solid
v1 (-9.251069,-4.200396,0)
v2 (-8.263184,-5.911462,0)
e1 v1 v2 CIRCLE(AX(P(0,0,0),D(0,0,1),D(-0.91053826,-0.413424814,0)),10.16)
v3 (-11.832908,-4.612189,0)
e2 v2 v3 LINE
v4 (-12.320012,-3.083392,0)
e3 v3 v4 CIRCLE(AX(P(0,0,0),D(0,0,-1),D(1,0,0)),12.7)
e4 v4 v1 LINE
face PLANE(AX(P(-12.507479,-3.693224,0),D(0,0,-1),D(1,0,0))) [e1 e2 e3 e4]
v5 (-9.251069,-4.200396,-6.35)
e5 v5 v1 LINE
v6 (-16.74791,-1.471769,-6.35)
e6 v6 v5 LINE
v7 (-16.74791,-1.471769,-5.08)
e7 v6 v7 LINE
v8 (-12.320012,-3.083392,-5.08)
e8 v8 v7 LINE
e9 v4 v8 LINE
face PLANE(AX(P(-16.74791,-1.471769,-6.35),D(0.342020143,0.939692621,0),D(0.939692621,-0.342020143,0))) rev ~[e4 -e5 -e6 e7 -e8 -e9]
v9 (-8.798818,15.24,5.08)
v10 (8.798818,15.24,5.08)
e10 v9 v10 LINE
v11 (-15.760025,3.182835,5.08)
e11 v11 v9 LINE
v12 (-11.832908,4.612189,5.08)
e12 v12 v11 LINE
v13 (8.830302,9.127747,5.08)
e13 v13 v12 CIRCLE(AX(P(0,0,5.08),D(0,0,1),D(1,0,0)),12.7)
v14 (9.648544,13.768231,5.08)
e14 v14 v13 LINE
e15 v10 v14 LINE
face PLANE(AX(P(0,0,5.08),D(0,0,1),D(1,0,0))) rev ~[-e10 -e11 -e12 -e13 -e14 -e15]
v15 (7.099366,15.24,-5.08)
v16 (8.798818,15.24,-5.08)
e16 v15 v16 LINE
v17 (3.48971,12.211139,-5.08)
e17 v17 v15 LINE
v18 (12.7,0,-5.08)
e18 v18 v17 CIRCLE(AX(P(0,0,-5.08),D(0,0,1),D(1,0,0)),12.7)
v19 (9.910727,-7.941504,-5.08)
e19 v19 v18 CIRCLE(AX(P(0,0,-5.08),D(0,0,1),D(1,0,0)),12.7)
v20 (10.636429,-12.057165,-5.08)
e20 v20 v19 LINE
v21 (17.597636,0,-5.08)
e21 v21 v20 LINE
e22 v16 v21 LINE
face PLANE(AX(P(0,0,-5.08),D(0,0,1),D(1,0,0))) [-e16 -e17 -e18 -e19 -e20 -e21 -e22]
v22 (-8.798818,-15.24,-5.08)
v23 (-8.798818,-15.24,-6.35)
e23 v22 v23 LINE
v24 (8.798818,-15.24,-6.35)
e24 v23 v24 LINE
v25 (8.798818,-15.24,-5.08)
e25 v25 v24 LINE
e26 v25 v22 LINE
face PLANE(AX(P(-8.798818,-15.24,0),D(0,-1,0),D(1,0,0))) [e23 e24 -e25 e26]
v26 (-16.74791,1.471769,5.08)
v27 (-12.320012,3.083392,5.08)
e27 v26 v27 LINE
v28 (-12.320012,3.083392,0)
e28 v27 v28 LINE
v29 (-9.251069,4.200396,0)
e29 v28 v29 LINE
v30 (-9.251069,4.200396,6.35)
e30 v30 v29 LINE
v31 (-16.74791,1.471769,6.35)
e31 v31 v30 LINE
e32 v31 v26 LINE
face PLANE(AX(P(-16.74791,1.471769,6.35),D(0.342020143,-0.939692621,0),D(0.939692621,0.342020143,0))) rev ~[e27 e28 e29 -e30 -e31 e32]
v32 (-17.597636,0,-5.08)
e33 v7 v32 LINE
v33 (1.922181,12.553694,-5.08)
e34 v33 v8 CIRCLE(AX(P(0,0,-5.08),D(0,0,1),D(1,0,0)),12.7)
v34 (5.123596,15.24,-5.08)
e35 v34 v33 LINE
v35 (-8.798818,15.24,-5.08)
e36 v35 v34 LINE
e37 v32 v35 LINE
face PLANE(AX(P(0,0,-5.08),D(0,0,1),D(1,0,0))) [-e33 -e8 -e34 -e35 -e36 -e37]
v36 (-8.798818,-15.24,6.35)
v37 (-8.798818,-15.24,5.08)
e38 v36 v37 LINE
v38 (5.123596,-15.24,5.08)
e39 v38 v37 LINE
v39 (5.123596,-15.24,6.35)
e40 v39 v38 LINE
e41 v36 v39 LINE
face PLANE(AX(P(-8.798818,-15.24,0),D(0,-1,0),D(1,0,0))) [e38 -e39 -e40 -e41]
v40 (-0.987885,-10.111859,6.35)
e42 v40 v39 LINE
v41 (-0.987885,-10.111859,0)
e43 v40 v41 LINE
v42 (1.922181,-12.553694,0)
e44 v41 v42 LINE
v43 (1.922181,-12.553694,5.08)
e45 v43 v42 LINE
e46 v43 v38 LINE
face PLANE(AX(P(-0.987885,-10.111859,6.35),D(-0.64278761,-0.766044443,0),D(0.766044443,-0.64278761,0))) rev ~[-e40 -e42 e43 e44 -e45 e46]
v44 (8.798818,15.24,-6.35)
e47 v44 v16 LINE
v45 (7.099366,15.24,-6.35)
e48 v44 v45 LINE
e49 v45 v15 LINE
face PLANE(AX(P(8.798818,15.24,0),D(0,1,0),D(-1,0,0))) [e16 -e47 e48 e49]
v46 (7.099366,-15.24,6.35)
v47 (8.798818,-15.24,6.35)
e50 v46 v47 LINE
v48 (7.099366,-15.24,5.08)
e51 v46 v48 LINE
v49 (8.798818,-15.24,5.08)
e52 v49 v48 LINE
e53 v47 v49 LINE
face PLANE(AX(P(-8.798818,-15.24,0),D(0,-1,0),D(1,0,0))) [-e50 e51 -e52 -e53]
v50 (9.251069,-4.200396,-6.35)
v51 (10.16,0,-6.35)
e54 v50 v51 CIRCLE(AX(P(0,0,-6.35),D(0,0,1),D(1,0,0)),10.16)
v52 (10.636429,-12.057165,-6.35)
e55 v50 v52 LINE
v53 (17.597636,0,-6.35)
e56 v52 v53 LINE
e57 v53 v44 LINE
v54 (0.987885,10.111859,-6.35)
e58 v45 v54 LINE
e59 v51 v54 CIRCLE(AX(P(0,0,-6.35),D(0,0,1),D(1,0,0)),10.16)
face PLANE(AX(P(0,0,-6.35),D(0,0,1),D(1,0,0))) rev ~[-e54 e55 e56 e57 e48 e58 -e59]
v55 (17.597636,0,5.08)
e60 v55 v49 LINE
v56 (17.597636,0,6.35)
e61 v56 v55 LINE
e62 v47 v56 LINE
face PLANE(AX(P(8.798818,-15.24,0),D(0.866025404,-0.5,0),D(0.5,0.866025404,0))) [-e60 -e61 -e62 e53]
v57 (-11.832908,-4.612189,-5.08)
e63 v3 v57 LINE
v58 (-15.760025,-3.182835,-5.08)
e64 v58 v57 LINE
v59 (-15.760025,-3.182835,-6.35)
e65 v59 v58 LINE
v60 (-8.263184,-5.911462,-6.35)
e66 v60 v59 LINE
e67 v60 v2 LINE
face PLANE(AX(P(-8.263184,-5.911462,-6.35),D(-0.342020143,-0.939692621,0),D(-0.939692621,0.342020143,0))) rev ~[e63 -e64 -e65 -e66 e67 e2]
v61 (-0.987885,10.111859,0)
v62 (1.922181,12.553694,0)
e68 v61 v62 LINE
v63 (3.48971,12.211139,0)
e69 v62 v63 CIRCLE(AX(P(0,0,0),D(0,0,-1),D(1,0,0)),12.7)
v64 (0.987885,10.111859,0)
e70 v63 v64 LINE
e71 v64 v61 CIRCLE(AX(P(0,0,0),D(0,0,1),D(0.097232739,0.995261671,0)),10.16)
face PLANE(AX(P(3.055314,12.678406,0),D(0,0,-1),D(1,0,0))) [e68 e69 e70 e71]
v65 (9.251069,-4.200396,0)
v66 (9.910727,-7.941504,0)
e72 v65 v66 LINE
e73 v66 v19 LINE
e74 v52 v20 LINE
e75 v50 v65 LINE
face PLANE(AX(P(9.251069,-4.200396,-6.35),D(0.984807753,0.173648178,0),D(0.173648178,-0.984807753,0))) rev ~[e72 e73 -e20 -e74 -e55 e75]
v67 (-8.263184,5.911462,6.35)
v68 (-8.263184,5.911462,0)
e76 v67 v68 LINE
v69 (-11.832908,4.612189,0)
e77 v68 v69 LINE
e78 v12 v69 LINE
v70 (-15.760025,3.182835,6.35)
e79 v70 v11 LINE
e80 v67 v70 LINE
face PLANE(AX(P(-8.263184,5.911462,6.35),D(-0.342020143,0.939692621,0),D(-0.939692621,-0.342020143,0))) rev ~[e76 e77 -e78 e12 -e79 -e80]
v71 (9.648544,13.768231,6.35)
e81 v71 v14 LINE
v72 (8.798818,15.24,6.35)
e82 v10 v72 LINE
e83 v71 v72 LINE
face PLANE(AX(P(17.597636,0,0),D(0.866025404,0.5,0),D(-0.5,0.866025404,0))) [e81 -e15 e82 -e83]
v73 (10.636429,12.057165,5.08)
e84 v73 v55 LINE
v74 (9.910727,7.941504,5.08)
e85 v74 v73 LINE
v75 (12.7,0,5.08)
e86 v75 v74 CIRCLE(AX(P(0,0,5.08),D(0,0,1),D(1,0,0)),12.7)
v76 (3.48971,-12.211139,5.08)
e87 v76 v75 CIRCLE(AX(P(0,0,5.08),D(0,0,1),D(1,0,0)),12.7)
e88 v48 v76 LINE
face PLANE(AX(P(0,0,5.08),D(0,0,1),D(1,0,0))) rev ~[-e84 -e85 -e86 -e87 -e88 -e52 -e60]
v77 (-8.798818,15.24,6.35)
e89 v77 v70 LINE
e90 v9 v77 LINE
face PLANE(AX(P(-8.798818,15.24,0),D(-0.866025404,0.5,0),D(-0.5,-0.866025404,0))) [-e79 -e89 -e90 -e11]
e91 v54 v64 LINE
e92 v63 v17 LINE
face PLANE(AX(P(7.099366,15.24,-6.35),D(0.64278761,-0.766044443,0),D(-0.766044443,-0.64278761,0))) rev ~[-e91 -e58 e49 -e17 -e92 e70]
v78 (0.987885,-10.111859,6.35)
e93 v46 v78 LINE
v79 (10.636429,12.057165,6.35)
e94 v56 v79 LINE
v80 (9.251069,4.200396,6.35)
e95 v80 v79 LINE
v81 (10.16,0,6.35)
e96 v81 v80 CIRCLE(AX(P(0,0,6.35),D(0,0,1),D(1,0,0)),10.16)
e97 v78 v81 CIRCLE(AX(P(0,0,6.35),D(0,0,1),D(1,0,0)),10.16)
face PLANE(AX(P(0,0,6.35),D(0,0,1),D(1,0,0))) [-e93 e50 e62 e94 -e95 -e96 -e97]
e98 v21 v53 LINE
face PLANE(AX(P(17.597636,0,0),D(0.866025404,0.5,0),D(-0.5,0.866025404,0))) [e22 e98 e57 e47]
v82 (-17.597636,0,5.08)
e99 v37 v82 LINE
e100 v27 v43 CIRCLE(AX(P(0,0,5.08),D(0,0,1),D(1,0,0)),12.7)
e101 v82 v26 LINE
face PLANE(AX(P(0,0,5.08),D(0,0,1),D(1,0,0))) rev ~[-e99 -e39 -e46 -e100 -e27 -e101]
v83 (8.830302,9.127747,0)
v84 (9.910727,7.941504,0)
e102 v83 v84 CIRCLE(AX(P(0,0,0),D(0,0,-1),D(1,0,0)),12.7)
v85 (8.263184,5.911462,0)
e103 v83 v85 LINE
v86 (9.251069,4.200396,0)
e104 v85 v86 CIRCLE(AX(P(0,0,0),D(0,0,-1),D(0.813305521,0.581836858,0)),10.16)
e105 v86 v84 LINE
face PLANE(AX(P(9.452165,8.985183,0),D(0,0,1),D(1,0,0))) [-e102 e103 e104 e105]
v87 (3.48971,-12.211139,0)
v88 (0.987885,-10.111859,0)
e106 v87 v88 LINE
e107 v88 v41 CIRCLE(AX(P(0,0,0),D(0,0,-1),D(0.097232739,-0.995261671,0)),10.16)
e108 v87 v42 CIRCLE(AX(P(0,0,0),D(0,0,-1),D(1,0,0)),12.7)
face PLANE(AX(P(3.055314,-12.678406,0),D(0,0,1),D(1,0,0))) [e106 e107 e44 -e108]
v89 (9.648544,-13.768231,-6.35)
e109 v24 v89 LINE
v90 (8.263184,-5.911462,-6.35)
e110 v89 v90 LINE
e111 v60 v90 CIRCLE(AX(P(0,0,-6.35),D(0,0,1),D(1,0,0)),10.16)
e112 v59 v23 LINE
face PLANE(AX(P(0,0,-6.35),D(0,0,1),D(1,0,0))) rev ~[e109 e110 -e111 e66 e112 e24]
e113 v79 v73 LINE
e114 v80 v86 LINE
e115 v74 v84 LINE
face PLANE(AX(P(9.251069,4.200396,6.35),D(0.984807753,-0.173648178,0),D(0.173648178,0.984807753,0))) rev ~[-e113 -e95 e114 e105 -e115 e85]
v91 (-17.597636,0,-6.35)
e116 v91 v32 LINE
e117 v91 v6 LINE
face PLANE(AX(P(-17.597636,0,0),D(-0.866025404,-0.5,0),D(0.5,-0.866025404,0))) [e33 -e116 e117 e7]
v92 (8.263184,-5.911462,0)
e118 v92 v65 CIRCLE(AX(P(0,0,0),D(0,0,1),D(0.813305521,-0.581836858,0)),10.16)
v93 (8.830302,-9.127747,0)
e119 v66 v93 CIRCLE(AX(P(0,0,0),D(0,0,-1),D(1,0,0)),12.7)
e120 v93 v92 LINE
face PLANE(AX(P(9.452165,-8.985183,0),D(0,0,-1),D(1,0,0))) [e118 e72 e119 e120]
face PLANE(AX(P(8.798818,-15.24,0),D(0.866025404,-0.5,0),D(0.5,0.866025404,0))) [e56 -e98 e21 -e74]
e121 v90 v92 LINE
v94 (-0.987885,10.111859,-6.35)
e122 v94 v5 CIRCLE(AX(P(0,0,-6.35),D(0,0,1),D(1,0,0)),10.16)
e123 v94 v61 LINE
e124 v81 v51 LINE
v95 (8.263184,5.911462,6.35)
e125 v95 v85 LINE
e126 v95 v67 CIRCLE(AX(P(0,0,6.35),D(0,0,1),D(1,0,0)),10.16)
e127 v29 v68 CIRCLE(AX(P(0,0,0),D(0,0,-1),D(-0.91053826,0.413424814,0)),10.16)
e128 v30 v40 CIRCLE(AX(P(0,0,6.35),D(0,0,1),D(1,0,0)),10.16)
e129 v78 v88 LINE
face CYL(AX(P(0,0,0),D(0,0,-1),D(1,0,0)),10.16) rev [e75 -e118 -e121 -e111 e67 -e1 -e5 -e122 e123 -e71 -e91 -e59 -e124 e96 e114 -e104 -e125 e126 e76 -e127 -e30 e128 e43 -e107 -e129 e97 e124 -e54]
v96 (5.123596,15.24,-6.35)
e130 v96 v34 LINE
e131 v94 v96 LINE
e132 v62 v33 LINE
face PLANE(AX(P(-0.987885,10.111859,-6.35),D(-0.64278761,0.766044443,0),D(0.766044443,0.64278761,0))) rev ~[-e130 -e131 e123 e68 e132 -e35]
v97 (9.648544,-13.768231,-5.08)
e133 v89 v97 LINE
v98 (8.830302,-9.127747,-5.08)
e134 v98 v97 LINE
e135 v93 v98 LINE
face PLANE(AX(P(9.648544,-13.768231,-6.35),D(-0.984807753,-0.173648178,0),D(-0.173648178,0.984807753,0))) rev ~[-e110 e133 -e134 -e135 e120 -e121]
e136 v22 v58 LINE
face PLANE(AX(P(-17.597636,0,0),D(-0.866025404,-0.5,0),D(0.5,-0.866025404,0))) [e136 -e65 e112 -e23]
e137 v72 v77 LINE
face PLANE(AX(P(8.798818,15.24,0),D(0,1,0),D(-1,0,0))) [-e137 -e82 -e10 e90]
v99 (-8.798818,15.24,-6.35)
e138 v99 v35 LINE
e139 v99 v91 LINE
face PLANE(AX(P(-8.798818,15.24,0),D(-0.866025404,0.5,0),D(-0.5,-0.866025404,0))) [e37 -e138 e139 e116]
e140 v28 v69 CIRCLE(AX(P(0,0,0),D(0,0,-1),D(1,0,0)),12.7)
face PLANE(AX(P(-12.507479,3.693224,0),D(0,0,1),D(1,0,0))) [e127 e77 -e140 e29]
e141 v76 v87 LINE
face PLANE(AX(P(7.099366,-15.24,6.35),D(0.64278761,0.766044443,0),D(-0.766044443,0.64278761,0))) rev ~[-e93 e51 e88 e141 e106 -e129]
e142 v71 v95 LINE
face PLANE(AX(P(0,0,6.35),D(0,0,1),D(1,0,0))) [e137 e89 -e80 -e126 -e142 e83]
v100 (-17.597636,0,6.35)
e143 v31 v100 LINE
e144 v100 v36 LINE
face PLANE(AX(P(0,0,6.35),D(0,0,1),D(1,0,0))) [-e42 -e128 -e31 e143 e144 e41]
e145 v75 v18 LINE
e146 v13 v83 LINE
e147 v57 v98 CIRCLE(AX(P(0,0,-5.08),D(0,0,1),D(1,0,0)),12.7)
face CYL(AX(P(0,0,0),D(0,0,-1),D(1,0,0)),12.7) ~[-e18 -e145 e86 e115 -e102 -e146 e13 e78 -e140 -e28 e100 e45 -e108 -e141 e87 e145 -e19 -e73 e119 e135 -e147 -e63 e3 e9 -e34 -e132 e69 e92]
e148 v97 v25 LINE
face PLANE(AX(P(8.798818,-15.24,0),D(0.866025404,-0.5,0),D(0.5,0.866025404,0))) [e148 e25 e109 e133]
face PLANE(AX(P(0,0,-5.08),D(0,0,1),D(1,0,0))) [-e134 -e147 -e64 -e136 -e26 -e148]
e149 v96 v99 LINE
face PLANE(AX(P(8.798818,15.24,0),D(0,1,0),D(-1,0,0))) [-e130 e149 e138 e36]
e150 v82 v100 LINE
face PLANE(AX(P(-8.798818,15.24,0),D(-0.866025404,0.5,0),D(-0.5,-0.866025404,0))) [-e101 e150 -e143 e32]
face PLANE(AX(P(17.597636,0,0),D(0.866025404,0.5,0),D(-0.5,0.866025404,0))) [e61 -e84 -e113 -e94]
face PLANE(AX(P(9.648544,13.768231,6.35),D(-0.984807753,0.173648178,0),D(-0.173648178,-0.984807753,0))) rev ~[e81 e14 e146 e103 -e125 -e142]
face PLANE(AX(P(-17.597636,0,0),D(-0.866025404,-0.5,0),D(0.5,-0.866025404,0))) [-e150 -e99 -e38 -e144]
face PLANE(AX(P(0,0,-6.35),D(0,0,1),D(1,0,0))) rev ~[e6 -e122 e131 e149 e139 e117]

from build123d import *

# Parameters (mm, degrees)
F0_R     = 12.7
F0_R_2   = 10.16
F1_DEPTH = 6.35
F2_R     = 17.5976362049
F2_R_2   = 12.7
F3_DEPTH = 5.08
F5_DEPTH = 6.35
F7_DEPTH = 6.35


with BuildPart() as f1:
    # F0 (on Top) → F1 (new body, symmetric)
    with BuildSketch(Plane.XY):
        Polygon((17.5976362049, 0), (8.7988181024, 15.24), (-8.7988181024, 15.24), (-17.5976362049, 0), (-8.7988181024, -15.24), (8.7988181024, -15.24), align=None)
        Circle(F0_R, mode=Mode.SUBTRACT)
        Circle(F0_R)
        Circle(F0_R_2, mode=Mode.SUBTRACT)
    extrude(amount=F1_DEPTH, both=True)

    # F2 (on Top) → F3 (cut, symmetric)
    with BuildSketch(Plane.XY):
        Circle(F2_R)
        Circle(F2_R_2, mode=Mode.SUBTRACT)
    extrude(amount=F3_DEPTH, both=True, mode=Mode.SUBTRACT)

    # F4 (on face) → F5 (cut)
    with BuildSketch(Plane.XY.offset(6.35)):
        with BuildLine():
            Line((-8.2631840954, 5.911462476), (-15.7600253185, 3.1828354198))
            Line((-15.7600253185, 3.1828354198), (-16.7479099485, 1.4717690485))
            Line((-16.7479099485, 1.4717690485), (-9.2510687255, 4.2003961048))
            ThreePointArc((-9.2510687255, 4.2003961048), (-8.7988181024, 5.08), (-8.2631840954, 5.911462476))
        make_face()
        with BuildLine():
            ThreePointArc((0.9878846301, -10.1118585808), (0, -10.16), (-0.9878846301, -10.1118585808))
            Line((-0.9878846301, -10.1118585808), (5.1235963296, -15.24))
            Line((5.1235963296, -15.24), (7.0993655897, -15.24))
            Line((7.0993655897, -15.24), (0.9878846301, -10.1118585808))
        make_face()
        with BuildLine():
            Line((9.6485443588, 13.7682309515), (8.2631840954, 5.911462476))
            ThreePointArc((8.2631840954, 5.911462476), (8.7988181024, 5.08), (9.2510687255, 4.2003961048))
            Line((9.2510687255, 4.2003961048), (10.6364289889, 12.0571645802))
            Line((10.6364289889, 12.0571645802), (9.6485443588, 13.7682309515))
        make_face()
    extrude(amount=-F5_DEPTH, mode=Mode.SUBTRACT)

    # F6 (on face) → F7 (cut)
    with BuildSketch(Plane(origin=(0, 0, -6.35), x_dir=(1, 0, 0), z_dir=(0, 0, -1))):
        with BuildLine():
            Line((9.6485443588, 13.7682309515), (8.2631840954, 5.911462476))
            ThreePointArc((8.2631840954, 5.911462476), (8.7988181024, 5.08), (9.2510687255, 4.2003961048))
            Line((9.2510687255, 4.2003961048), (10.6364289889, 12.0571645802))
            Line((10.6364289889, 12.0571645802), (9.6485443588, 13.7682309515))
        make_face()
        with BuildLine():
            Line((-8.2631840954, 5.911462476), (-15.7600253185, 3.1828354198))
            Line((-15.7600253185, 3.1828354198), (-16.7479099485, 1.4717690485))
            Line((-16.7479099485, 1.4717690485), (-9.2510687255, 4.2003961048))
            ThreePointArc((-9.2510687255, 4.2003961048), (-8.7988181024, 5.08), (-8.2631840954, 5.911462476))
        make_face()
        with BuildLine():
            ThreePointArc((0.9878846301, -10.1118585808), (0, -10.16), (-0.9878846301, -10.1118585808))
            Line((-0.9878846301, -10.1118585808), (5.1235963296, -15.24))
            Line((5.1235963296, -15.24), (7.0993655897, -15.24))
            Line((7.0993655897, -15.24), (0.9878846301, -10.1118585808))
        make_face()
    extrude(amount=-F7_DEPTH, mode=Mode.SUBTRACT)


solid = f1.part
